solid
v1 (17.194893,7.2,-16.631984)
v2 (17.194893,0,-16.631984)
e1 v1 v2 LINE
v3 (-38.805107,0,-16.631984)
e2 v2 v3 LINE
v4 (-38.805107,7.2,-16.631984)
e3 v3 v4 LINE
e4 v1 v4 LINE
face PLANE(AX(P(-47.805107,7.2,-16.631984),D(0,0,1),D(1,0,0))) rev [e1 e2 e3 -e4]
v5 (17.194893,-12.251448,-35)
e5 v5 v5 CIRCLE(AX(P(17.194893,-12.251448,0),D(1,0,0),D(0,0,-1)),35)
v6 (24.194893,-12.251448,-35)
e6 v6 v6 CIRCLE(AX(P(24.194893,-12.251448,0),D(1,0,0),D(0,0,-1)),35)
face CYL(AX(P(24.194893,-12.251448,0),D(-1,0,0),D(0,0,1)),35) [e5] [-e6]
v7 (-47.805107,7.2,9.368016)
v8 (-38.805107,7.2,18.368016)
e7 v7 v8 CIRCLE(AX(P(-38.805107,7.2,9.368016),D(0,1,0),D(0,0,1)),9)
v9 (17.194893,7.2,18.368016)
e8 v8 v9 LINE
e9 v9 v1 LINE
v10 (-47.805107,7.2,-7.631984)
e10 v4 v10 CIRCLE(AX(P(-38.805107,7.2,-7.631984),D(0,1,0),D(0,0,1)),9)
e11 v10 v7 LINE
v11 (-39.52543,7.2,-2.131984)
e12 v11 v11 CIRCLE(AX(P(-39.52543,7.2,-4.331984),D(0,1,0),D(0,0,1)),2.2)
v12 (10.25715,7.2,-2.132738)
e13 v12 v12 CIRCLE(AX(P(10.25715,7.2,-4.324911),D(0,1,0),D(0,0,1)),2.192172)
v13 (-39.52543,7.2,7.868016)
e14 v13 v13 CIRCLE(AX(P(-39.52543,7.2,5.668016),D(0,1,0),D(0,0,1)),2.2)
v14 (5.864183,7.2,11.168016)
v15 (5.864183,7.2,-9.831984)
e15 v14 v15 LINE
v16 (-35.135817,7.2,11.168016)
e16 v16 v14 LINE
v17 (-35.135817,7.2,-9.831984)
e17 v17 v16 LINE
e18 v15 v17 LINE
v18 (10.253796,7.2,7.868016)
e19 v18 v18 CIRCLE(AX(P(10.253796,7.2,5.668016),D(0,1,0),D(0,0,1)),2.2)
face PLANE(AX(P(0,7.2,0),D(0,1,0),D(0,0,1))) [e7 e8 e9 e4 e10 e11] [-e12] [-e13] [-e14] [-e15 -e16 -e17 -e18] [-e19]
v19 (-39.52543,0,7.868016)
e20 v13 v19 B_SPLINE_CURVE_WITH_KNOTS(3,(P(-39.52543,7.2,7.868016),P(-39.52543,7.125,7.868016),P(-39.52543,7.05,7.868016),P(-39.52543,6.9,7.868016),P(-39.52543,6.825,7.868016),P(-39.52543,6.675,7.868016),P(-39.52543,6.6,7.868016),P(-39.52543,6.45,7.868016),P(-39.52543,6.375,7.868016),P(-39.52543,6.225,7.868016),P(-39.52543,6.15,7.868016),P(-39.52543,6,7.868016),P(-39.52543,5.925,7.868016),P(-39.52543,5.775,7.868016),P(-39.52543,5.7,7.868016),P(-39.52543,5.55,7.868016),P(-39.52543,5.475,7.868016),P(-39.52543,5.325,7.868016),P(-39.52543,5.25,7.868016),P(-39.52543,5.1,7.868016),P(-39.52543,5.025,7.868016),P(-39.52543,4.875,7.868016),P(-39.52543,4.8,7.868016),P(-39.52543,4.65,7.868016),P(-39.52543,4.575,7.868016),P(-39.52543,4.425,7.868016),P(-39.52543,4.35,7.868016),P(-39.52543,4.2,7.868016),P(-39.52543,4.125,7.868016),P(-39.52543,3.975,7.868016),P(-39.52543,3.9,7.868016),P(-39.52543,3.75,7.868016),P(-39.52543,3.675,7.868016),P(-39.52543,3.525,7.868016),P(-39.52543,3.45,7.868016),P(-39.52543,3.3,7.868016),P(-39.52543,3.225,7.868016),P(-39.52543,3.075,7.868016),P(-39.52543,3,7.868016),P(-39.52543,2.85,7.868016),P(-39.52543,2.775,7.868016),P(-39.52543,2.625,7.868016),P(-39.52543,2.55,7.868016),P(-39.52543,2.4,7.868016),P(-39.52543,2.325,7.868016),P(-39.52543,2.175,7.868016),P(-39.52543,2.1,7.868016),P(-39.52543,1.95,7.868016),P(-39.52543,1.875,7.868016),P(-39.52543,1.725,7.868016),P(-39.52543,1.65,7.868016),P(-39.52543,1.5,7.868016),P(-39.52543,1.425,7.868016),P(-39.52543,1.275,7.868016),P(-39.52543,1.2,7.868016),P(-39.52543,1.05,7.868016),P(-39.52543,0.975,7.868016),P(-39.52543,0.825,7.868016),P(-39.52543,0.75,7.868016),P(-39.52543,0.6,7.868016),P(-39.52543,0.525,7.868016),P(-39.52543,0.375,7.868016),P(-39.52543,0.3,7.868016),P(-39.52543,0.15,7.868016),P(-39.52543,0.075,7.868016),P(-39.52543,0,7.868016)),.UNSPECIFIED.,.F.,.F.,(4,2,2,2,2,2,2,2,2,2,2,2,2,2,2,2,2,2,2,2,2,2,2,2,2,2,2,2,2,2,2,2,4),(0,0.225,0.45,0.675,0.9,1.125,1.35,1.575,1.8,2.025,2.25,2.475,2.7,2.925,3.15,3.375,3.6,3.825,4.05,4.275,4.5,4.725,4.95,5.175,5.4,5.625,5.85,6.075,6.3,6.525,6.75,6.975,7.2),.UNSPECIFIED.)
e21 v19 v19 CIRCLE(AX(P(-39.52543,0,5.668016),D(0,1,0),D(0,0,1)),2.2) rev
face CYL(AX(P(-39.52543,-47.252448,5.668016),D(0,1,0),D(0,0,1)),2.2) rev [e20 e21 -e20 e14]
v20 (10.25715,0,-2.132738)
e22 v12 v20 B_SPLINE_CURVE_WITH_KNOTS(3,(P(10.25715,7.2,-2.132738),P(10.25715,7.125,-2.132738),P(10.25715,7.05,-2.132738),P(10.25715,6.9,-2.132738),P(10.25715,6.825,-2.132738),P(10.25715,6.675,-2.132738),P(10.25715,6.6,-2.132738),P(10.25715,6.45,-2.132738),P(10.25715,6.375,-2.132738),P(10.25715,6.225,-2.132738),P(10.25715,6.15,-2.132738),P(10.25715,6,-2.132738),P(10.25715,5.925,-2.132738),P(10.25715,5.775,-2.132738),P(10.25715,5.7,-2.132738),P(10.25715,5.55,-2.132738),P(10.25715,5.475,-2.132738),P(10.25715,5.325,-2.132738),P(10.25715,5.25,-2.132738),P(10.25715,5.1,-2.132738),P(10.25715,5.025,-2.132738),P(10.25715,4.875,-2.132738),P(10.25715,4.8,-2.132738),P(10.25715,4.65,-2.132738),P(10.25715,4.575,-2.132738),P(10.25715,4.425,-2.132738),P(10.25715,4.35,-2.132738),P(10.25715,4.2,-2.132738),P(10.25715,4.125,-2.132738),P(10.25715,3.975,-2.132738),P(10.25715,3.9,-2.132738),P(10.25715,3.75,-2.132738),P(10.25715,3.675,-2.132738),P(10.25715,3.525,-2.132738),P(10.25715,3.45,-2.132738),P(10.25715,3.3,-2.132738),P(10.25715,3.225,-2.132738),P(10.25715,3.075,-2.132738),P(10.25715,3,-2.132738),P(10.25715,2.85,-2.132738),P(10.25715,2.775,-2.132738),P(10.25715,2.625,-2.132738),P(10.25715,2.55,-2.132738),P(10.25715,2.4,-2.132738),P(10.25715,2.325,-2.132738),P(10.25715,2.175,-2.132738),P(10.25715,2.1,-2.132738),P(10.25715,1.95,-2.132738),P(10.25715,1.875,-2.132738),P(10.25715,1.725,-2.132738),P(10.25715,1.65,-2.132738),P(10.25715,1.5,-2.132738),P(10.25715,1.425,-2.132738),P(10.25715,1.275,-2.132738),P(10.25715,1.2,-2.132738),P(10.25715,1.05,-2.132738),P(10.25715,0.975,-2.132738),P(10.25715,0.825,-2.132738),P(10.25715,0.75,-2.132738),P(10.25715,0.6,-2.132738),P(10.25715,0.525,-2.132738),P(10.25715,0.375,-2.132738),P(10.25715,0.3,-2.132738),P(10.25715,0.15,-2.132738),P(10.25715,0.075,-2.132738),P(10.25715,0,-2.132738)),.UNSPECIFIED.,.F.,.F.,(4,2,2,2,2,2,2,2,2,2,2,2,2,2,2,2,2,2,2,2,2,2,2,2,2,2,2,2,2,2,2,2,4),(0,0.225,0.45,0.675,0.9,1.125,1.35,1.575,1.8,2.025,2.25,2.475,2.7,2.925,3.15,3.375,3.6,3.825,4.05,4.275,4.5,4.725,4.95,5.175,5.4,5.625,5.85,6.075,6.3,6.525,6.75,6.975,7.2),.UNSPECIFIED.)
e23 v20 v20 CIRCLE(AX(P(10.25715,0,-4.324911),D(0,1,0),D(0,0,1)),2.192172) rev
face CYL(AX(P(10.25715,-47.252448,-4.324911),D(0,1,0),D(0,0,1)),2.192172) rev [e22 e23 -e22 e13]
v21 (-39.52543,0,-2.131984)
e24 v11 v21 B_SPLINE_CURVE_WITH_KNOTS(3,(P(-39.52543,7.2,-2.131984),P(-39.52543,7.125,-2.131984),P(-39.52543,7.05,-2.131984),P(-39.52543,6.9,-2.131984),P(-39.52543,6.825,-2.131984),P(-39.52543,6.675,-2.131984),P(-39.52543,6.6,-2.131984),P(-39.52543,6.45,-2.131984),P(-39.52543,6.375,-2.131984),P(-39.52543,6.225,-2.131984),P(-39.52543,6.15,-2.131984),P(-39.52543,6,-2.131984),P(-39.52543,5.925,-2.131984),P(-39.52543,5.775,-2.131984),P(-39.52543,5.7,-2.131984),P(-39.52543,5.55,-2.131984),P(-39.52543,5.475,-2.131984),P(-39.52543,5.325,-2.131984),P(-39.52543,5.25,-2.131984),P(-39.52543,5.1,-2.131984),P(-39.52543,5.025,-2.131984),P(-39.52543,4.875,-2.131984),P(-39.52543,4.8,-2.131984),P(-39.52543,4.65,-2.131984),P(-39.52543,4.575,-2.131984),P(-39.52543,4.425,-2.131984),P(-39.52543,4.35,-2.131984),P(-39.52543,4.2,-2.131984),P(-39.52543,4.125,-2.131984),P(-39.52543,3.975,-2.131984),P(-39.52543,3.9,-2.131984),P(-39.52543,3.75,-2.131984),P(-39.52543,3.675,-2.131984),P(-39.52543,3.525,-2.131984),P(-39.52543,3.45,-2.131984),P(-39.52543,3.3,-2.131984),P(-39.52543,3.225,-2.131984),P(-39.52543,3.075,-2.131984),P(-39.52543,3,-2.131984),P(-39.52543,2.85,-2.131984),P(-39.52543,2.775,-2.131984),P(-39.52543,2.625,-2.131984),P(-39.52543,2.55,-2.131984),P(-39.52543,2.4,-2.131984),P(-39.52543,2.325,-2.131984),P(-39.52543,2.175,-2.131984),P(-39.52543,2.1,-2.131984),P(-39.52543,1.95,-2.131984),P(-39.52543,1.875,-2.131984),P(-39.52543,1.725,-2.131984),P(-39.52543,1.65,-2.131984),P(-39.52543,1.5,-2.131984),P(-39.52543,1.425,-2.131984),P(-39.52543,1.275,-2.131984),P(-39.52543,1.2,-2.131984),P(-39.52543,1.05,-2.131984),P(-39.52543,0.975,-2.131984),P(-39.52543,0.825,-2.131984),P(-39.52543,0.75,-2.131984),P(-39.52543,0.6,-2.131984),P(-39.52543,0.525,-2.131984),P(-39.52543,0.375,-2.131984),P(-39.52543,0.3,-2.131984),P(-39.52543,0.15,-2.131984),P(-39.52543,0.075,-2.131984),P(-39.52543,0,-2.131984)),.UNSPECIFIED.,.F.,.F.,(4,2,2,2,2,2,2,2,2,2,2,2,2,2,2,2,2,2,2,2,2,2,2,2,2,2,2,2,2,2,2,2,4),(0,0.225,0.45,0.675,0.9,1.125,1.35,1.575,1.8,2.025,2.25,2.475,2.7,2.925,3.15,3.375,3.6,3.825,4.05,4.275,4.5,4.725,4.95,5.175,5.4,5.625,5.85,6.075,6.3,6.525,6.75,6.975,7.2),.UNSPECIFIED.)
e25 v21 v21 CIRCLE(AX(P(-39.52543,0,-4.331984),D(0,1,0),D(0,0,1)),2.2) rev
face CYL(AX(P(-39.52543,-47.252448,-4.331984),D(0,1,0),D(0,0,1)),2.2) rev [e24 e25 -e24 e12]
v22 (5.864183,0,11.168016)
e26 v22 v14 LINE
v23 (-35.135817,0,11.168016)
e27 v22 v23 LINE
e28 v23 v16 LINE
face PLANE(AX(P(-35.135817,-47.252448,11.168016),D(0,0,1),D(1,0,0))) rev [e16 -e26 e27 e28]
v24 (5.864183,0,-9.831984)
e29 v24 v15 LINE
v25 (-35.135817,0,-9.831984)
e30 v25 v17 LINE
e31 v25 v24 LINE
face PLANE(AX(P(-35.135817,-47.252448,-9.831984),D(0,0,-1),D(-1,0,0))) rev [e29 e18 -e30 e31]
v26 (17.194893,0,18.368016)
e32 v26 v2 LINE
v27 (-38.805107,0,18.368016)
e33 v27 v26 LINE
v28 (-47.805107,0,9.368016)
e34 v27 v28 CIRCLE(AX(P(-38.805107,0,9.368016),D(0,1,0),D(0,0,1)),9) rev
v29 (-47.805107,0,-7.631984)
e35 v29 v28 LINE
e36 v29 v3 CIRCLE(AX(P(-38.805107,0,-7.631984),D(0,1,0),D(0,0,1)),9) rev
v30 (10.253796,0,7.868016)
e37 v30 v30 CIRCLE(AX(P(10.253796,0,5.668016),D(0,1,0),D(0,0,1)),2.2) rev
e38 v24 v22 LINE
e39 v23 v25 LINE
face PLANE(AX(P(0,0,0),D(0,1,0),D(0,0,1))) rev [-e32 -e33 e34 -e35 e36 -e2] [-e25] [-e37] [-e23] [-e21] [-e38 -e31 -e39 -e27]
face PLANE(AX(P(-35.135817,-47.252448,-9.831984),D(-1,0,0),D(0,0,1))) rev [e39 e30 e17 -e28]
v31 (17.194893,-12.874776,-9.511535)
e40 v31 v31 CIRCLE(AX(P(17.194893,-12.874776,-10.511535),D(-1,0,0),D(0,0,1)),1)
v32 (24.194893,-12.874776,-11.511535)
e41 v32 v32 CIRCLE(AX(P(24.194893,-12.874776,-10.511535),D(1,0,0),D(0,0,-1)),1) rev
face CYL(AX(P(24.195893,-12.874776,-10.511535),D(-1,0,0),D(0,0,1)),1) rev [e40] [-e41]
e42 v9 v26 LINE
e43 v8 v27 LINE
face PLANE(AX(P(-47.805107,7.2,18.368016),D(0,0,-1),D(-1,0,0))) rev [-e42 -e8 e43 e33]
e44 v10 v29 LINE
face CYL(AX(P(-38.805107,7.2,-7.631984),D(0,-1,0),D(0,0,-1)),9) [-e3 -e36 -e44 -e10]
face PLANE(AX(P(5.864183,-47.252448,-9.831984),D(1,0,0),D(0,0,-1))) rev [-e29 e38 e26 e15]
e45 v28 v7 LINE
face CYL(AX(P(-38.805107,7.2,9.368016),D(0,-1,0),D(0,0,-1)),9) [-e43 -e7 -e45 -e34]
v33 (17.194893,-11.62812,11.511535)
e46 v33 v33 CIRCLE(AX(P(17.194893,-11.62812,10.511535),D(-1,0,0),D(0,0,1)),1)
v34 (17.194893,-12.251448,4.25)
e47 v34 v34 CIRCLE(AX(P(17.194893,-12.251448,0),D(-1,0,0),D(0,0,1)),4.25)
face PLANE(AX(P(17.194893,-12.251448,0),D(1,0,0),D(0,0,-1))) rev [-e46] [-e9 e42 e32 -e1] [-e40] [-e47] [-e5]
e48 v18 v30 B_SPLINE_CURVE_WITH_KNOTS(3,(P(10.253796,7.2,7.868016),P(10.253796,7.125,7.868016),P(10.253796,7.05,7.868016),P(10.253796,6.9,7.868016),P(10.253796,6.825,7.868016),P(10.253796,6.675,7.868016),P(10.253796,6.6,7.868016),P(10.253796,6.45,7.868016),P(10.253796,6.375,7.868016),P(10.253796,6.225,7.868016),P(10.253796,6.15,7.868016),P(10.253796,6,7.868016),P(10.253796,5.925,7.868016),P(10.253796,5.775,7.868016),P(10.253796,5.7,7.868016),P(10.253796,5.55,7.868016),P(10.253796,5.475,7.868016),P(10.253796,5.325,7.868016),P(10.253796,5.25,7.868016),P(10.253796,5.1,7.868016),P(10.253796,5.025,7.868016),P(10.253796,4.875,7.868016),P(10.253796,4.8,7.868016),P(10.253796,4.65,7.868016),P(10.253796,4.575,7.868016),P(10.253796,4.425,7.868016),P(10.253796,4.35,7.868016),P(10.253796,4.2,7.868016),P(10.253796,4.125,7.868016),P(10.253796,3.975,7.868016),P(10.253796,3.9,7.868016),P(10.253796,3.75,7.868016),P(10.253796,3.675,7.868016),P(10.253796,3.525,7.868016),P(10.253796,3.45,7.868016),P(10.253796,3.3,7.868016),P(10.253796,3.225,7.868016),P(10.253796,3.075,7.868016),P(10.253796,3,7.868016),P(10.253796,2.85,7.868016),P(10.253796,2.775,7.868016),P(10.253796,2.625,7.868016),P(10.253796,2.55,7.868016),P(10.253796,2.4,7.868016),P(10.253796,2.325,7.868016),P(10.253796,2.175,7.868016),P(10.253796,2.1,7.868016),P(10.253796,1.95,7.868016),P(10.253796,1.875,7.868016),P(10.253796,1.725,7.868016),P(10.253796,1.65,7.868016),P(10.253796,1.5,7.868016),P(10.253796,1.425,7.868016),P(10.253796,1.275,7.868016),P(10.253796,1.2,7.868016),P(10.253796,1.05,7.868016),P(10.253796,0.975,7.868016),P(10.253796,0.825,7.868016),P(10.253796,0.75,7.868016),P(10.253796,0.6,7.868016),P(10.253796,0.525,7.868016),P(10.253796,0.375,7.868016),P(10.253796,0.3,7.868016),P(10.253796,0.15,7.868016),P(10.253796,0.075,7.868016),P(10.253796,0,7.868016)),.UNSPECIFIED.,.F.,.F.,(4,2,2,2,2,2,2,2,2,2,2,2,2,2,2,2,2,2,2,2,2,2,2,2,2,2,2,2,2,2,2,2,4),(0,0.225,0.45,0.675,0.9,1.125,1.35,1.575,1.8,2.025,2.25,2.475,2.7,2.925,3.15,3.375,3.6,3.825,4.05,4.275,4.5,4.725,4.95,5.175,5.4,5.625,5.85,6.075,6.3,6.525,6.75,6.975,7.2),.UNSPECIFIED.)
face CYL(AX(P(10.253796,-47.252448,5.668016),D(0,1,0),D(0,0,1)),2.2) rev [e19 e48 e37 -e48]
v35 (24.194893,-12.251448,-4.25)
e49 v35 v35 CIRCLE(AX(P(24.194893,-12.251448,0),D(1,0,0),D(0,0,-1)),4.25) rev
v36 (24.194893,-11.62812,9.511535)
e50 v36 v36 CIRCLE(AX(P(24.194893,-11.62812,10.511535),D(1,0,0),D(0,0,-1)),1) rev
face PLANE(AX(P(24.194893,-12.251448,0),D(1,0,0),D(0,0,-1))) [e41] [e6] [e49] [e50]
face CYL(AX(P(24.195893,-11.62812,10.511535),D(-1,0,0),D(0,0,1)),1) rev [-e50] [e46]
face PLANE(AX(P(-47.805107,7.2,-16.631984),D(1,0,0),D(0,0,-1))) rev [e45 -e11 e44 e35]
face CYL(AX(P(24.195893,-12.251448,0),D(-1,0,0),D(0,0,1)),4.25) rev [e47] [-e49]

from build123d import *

# Parameters (mm, degrees)
SKETCH1_W           = 65
SKETCH1_H           = 35
BOSS_EXTRUDE1_DEPTH = 7.2
FILLET1_R           = 9
SKETCH5_R           = 2.25
SKETCH5_R_2         = 0.8
CUT_EXTRUDE1_DEPTH  = 52.716073838
SKETCH7_R           = 35
BOSS_EXTRUDE2_DEPTH = 7
CUT_EXTRUDE3_REACH  = 89.651
SKETCH8_R           = 4.25
SKETCH8_R_2         = 1
CUT_EXTRUDE4_REACH  = 82.469
SKETCH9_R           = 2.192172412
SKETCH9_R_2         = 2.2
SKETCH9_W           = 41
SKETCH9_H           = 21


with BuildPart() as part:
    # Sketch1 → Boss-Extrude1 (new body)
    with BuildSketch(Plane(origin=(0, 0, 0), x_dir=(1, 0, 0), z_dir=(0, 1, 0))):
        with Locations((-15.305107108, -0.868016429)):
            Rectangle(SKETCH1_W, SKETCH1_H)
    extrude(amount=BOSS_EXTRUDE1_DEPTH)

    # Fillet1
    fillet1_edges = [part.edges().sort_by_distance(p)[0] for p in [
        (-47.805107108, 3.6, -16.631983571),
        (-47.805107108, 3.6, 18.368016429),
    ]]
    fillet(fillet1_edges, radius=FILLET1_R)

    # Sketch5 → Cut-Extrude1 (cut, through all)
    with BuildSketch(Plane(origin=(0, 7.2, 0), x_dir=(1, 0, 0), z_dir=(0, 1, 0))):
        with Locations(Location((-24.935816815, -0.668016429, 0), (0, 0, 270))):
            Circle(SKETCH5_R)
        with Locations(Location((-28.935816815, -0.669860131, 0), (0, 0, 270))):
            Circle(SKETCH5_R_2)
        with Locations(Location((-20.935816815, -0.669860131, 0), (0, 0, 270))):
            Circle(SKETCH5_R_2)
    extrude(amount=-CUT_EXTRUDE1_DEPTH, mode=Mode.SUBTRACT)

    # Sketch7 → Boss-Extrude2 (add)
    with BuildSketch(Plane(origin=(17.194892892, 0, 0), x_dir=(0, 0, -1), z_dir=(1, 0, 0))):
        with Locations((0, -12.251447975)):
            Circle(SKETCH7_R)
    extrude(amount=BOSS_EXTRUDE2_DEPTH)

    # Sketch8 → Cut-Extrude3 (cut, up to next)
    with BuildSketch(Plane.ZY.offset(-17.194892892), mode=Mode.PRIVATE) as cut_extrude3_sk1:
        with Locations((0, -12.251447975)):
            Circle(SKETCH8_R)
    cut_extrude3_tool1 = extrude(cut_extrude3_sk1.sketch, amount=-CUT_EXTRUDE3_REACH, mode=Mode.PRIVATE) & part.part
    # Sketch8 → Cut-Extrude3 (cut, up to next)
    with BuildSketch(Plane.ZY.offset(-17.194892892), mode=Mode.PRIVATE) as cut_extrude3_sk2:
        with Locations((-10.511534724, -12.874775935)):
            Circle(SKETCH8_R_2)
    cut_extrude3_tool2 = extrude(cut_extrude3_sk2.sketch, amount=-CUT_EXTRUDE3_REACH, mode=Mode.PRIVATE) & part.part
    # Sketch8 → Cut-Extrude3 (cut, up to next)
    with BuildSketch(Plane.ZY.offset(-17.194892892), mode=Mode.PRIVATE) as cut_extrude3_sk3:
        with Locations((10.511534724, -11.628120014)):
            Circle(SKETCH8_R_2)
    cut_extrude3_tool3 = extrude(cut_extrude3_sk3.sketch, amount=-CUT_EXTRUDE3_REACH, mode=Mode.PRIVATE) & part.part
    add(cut_extrude3_tool1.solids().sort_by_distance((17.194893, -12.251448, 0))[0], mode=Mode.SUBTRACT)
    add(cut_extrude3_tool2.solids().sort_by_distance((17.194893, -12.874776, -10.511535))[0], mode=Mode.SUBTRACT)
    add(cut_extrude3_tool3.solids().sort_by_distance((17.194893, -11.62812, 10.511535))[0], mode=Mode.SUBTRACT)

    # Sketch9 → Cut-Extrude4 (cut, up to next)
    with BuildSketch(Plane(origin=(0, 7.2, 0), x_dir=(1, 0, 0), z_dir=(0, 1, 0)), mode=Mode.PRIVATE) as cut_extrude4_sk1:
        with Locations(Location((10.257150233, 4.32491084, 0), (0, 0, 270))):
            Circle(SKETCH9_R)
    cut_extrude4_tool1 = extrude(cut_extrude4_sk1.sketch, amount=-CUT_EXTRUDE4_REACH, mode=Mode.PRIVATE) & part.part
    # Sketch9 → Cut-Extrude4 (cut, up to next)
    with BuildSketch(Plane(origin=(0, 7.2, 0), x_dir=(1, 0, 0), z_dir=(0, 1, 0)), mode=Mode.PRIVATE) as cut_extrude4_sk2:
        with Locations(Location((10.253796486, -5.668016429, 0), (0, 0, 270))):
            Circle(SKETCH9_R_2)
    cut_extrude4_tool2 = extrude(cut_extrude4_sk2.sketch, amount=-CUT_EXTRUDE4_REACH, mode=Mode.PRIVATE) & part.part
    # Sketch9 → Cut-Extrude4 (cut, up to next)
    with BuildSketch(Plane(origin=(0, 7.2, 0), x_dir=(1, 0, 0), z_dir=(0, 1, 0)), mode=Mode.PRIVATE) as cut_extrude4_sk3:
        with Locations(Location((-39.525430116, -5.668016429, 0), (0, 0, 270))):
            Circle(SKETCH9_R_2)
    cut_extrude4_tool3 = extrude(cut_extrude4_sk3.sketch, amount=-CUT_EXTRUDE4_REACH, mode=Mode.PRIVATE) & part.part
    # Sketch9 → Cut-Extrude4 (cut, up to next)
    with BuildSketch(Plane(origin=(0, 7.2, 0), x_dir=(1, 0, 0), z_dir=(0, 1, 0)), mode=Mode.PRIVATE) as cut_extrude4_sk4:
        with Locations(Location((-39.525430116, 4.331983571, 0), (0, 0, 270))):
            Circle(SKETCH9_R_2)
    cut_extrude4_tool4 = extrude(cut_extrude4_sk4.sketch, amount=-CUT_EXTRUDE4_REACH, mode=Mode.PRIVATE) & part.part
    # Sketch9 → Cut-Extrude4 (cut, up to next)
    with BuildSketch(Plane(origin=(0, 7.2, 0), x_dir=(1, 0, 0), z_dir=(0, 1, 0)), mode=Mode.PRIVATE) as cut_extrude4_sk5:
        with Locations((-14.635816815, -0.668016429)):
            Rectangle(SKETCH9_W, SKETCH9_H)
    cut_extrude4_tool5 = extrude(cut_extrude4_sk5.sketch, amount=-CUT_EXTRUDE4_REACH, mode=Mode.PRIVATE) & part.part
    add(cut_extrude4_tool1.solids().sort_by_distance((10.25715, 7.2, -4.324911))[0], mode=Mode.SUBTRACT)
    add(cut_extrude4_tool2.solids().sort_by_distance((10.253796, 7.2, 5.668016))[0], mode=Mode.SUBTRACT)
    add(cut_extrude4_tool3.solids().sort_by_distance((-39.52543, 7.2, 5.668016))[0], mode=Mode.SUBTRACT)
    add(cut_extrude4_tool4.solids().sort_by_distance((-39.52543, 7.2, -4.331984))[0], mode=Mode.SUBTRACT)
    add(cut_extrude4_tool5.solids().sort_by_distance((-14.635817, 7.2, 0.668016))[0], mode=Mode.SUBTRACT)


solid = part.part
